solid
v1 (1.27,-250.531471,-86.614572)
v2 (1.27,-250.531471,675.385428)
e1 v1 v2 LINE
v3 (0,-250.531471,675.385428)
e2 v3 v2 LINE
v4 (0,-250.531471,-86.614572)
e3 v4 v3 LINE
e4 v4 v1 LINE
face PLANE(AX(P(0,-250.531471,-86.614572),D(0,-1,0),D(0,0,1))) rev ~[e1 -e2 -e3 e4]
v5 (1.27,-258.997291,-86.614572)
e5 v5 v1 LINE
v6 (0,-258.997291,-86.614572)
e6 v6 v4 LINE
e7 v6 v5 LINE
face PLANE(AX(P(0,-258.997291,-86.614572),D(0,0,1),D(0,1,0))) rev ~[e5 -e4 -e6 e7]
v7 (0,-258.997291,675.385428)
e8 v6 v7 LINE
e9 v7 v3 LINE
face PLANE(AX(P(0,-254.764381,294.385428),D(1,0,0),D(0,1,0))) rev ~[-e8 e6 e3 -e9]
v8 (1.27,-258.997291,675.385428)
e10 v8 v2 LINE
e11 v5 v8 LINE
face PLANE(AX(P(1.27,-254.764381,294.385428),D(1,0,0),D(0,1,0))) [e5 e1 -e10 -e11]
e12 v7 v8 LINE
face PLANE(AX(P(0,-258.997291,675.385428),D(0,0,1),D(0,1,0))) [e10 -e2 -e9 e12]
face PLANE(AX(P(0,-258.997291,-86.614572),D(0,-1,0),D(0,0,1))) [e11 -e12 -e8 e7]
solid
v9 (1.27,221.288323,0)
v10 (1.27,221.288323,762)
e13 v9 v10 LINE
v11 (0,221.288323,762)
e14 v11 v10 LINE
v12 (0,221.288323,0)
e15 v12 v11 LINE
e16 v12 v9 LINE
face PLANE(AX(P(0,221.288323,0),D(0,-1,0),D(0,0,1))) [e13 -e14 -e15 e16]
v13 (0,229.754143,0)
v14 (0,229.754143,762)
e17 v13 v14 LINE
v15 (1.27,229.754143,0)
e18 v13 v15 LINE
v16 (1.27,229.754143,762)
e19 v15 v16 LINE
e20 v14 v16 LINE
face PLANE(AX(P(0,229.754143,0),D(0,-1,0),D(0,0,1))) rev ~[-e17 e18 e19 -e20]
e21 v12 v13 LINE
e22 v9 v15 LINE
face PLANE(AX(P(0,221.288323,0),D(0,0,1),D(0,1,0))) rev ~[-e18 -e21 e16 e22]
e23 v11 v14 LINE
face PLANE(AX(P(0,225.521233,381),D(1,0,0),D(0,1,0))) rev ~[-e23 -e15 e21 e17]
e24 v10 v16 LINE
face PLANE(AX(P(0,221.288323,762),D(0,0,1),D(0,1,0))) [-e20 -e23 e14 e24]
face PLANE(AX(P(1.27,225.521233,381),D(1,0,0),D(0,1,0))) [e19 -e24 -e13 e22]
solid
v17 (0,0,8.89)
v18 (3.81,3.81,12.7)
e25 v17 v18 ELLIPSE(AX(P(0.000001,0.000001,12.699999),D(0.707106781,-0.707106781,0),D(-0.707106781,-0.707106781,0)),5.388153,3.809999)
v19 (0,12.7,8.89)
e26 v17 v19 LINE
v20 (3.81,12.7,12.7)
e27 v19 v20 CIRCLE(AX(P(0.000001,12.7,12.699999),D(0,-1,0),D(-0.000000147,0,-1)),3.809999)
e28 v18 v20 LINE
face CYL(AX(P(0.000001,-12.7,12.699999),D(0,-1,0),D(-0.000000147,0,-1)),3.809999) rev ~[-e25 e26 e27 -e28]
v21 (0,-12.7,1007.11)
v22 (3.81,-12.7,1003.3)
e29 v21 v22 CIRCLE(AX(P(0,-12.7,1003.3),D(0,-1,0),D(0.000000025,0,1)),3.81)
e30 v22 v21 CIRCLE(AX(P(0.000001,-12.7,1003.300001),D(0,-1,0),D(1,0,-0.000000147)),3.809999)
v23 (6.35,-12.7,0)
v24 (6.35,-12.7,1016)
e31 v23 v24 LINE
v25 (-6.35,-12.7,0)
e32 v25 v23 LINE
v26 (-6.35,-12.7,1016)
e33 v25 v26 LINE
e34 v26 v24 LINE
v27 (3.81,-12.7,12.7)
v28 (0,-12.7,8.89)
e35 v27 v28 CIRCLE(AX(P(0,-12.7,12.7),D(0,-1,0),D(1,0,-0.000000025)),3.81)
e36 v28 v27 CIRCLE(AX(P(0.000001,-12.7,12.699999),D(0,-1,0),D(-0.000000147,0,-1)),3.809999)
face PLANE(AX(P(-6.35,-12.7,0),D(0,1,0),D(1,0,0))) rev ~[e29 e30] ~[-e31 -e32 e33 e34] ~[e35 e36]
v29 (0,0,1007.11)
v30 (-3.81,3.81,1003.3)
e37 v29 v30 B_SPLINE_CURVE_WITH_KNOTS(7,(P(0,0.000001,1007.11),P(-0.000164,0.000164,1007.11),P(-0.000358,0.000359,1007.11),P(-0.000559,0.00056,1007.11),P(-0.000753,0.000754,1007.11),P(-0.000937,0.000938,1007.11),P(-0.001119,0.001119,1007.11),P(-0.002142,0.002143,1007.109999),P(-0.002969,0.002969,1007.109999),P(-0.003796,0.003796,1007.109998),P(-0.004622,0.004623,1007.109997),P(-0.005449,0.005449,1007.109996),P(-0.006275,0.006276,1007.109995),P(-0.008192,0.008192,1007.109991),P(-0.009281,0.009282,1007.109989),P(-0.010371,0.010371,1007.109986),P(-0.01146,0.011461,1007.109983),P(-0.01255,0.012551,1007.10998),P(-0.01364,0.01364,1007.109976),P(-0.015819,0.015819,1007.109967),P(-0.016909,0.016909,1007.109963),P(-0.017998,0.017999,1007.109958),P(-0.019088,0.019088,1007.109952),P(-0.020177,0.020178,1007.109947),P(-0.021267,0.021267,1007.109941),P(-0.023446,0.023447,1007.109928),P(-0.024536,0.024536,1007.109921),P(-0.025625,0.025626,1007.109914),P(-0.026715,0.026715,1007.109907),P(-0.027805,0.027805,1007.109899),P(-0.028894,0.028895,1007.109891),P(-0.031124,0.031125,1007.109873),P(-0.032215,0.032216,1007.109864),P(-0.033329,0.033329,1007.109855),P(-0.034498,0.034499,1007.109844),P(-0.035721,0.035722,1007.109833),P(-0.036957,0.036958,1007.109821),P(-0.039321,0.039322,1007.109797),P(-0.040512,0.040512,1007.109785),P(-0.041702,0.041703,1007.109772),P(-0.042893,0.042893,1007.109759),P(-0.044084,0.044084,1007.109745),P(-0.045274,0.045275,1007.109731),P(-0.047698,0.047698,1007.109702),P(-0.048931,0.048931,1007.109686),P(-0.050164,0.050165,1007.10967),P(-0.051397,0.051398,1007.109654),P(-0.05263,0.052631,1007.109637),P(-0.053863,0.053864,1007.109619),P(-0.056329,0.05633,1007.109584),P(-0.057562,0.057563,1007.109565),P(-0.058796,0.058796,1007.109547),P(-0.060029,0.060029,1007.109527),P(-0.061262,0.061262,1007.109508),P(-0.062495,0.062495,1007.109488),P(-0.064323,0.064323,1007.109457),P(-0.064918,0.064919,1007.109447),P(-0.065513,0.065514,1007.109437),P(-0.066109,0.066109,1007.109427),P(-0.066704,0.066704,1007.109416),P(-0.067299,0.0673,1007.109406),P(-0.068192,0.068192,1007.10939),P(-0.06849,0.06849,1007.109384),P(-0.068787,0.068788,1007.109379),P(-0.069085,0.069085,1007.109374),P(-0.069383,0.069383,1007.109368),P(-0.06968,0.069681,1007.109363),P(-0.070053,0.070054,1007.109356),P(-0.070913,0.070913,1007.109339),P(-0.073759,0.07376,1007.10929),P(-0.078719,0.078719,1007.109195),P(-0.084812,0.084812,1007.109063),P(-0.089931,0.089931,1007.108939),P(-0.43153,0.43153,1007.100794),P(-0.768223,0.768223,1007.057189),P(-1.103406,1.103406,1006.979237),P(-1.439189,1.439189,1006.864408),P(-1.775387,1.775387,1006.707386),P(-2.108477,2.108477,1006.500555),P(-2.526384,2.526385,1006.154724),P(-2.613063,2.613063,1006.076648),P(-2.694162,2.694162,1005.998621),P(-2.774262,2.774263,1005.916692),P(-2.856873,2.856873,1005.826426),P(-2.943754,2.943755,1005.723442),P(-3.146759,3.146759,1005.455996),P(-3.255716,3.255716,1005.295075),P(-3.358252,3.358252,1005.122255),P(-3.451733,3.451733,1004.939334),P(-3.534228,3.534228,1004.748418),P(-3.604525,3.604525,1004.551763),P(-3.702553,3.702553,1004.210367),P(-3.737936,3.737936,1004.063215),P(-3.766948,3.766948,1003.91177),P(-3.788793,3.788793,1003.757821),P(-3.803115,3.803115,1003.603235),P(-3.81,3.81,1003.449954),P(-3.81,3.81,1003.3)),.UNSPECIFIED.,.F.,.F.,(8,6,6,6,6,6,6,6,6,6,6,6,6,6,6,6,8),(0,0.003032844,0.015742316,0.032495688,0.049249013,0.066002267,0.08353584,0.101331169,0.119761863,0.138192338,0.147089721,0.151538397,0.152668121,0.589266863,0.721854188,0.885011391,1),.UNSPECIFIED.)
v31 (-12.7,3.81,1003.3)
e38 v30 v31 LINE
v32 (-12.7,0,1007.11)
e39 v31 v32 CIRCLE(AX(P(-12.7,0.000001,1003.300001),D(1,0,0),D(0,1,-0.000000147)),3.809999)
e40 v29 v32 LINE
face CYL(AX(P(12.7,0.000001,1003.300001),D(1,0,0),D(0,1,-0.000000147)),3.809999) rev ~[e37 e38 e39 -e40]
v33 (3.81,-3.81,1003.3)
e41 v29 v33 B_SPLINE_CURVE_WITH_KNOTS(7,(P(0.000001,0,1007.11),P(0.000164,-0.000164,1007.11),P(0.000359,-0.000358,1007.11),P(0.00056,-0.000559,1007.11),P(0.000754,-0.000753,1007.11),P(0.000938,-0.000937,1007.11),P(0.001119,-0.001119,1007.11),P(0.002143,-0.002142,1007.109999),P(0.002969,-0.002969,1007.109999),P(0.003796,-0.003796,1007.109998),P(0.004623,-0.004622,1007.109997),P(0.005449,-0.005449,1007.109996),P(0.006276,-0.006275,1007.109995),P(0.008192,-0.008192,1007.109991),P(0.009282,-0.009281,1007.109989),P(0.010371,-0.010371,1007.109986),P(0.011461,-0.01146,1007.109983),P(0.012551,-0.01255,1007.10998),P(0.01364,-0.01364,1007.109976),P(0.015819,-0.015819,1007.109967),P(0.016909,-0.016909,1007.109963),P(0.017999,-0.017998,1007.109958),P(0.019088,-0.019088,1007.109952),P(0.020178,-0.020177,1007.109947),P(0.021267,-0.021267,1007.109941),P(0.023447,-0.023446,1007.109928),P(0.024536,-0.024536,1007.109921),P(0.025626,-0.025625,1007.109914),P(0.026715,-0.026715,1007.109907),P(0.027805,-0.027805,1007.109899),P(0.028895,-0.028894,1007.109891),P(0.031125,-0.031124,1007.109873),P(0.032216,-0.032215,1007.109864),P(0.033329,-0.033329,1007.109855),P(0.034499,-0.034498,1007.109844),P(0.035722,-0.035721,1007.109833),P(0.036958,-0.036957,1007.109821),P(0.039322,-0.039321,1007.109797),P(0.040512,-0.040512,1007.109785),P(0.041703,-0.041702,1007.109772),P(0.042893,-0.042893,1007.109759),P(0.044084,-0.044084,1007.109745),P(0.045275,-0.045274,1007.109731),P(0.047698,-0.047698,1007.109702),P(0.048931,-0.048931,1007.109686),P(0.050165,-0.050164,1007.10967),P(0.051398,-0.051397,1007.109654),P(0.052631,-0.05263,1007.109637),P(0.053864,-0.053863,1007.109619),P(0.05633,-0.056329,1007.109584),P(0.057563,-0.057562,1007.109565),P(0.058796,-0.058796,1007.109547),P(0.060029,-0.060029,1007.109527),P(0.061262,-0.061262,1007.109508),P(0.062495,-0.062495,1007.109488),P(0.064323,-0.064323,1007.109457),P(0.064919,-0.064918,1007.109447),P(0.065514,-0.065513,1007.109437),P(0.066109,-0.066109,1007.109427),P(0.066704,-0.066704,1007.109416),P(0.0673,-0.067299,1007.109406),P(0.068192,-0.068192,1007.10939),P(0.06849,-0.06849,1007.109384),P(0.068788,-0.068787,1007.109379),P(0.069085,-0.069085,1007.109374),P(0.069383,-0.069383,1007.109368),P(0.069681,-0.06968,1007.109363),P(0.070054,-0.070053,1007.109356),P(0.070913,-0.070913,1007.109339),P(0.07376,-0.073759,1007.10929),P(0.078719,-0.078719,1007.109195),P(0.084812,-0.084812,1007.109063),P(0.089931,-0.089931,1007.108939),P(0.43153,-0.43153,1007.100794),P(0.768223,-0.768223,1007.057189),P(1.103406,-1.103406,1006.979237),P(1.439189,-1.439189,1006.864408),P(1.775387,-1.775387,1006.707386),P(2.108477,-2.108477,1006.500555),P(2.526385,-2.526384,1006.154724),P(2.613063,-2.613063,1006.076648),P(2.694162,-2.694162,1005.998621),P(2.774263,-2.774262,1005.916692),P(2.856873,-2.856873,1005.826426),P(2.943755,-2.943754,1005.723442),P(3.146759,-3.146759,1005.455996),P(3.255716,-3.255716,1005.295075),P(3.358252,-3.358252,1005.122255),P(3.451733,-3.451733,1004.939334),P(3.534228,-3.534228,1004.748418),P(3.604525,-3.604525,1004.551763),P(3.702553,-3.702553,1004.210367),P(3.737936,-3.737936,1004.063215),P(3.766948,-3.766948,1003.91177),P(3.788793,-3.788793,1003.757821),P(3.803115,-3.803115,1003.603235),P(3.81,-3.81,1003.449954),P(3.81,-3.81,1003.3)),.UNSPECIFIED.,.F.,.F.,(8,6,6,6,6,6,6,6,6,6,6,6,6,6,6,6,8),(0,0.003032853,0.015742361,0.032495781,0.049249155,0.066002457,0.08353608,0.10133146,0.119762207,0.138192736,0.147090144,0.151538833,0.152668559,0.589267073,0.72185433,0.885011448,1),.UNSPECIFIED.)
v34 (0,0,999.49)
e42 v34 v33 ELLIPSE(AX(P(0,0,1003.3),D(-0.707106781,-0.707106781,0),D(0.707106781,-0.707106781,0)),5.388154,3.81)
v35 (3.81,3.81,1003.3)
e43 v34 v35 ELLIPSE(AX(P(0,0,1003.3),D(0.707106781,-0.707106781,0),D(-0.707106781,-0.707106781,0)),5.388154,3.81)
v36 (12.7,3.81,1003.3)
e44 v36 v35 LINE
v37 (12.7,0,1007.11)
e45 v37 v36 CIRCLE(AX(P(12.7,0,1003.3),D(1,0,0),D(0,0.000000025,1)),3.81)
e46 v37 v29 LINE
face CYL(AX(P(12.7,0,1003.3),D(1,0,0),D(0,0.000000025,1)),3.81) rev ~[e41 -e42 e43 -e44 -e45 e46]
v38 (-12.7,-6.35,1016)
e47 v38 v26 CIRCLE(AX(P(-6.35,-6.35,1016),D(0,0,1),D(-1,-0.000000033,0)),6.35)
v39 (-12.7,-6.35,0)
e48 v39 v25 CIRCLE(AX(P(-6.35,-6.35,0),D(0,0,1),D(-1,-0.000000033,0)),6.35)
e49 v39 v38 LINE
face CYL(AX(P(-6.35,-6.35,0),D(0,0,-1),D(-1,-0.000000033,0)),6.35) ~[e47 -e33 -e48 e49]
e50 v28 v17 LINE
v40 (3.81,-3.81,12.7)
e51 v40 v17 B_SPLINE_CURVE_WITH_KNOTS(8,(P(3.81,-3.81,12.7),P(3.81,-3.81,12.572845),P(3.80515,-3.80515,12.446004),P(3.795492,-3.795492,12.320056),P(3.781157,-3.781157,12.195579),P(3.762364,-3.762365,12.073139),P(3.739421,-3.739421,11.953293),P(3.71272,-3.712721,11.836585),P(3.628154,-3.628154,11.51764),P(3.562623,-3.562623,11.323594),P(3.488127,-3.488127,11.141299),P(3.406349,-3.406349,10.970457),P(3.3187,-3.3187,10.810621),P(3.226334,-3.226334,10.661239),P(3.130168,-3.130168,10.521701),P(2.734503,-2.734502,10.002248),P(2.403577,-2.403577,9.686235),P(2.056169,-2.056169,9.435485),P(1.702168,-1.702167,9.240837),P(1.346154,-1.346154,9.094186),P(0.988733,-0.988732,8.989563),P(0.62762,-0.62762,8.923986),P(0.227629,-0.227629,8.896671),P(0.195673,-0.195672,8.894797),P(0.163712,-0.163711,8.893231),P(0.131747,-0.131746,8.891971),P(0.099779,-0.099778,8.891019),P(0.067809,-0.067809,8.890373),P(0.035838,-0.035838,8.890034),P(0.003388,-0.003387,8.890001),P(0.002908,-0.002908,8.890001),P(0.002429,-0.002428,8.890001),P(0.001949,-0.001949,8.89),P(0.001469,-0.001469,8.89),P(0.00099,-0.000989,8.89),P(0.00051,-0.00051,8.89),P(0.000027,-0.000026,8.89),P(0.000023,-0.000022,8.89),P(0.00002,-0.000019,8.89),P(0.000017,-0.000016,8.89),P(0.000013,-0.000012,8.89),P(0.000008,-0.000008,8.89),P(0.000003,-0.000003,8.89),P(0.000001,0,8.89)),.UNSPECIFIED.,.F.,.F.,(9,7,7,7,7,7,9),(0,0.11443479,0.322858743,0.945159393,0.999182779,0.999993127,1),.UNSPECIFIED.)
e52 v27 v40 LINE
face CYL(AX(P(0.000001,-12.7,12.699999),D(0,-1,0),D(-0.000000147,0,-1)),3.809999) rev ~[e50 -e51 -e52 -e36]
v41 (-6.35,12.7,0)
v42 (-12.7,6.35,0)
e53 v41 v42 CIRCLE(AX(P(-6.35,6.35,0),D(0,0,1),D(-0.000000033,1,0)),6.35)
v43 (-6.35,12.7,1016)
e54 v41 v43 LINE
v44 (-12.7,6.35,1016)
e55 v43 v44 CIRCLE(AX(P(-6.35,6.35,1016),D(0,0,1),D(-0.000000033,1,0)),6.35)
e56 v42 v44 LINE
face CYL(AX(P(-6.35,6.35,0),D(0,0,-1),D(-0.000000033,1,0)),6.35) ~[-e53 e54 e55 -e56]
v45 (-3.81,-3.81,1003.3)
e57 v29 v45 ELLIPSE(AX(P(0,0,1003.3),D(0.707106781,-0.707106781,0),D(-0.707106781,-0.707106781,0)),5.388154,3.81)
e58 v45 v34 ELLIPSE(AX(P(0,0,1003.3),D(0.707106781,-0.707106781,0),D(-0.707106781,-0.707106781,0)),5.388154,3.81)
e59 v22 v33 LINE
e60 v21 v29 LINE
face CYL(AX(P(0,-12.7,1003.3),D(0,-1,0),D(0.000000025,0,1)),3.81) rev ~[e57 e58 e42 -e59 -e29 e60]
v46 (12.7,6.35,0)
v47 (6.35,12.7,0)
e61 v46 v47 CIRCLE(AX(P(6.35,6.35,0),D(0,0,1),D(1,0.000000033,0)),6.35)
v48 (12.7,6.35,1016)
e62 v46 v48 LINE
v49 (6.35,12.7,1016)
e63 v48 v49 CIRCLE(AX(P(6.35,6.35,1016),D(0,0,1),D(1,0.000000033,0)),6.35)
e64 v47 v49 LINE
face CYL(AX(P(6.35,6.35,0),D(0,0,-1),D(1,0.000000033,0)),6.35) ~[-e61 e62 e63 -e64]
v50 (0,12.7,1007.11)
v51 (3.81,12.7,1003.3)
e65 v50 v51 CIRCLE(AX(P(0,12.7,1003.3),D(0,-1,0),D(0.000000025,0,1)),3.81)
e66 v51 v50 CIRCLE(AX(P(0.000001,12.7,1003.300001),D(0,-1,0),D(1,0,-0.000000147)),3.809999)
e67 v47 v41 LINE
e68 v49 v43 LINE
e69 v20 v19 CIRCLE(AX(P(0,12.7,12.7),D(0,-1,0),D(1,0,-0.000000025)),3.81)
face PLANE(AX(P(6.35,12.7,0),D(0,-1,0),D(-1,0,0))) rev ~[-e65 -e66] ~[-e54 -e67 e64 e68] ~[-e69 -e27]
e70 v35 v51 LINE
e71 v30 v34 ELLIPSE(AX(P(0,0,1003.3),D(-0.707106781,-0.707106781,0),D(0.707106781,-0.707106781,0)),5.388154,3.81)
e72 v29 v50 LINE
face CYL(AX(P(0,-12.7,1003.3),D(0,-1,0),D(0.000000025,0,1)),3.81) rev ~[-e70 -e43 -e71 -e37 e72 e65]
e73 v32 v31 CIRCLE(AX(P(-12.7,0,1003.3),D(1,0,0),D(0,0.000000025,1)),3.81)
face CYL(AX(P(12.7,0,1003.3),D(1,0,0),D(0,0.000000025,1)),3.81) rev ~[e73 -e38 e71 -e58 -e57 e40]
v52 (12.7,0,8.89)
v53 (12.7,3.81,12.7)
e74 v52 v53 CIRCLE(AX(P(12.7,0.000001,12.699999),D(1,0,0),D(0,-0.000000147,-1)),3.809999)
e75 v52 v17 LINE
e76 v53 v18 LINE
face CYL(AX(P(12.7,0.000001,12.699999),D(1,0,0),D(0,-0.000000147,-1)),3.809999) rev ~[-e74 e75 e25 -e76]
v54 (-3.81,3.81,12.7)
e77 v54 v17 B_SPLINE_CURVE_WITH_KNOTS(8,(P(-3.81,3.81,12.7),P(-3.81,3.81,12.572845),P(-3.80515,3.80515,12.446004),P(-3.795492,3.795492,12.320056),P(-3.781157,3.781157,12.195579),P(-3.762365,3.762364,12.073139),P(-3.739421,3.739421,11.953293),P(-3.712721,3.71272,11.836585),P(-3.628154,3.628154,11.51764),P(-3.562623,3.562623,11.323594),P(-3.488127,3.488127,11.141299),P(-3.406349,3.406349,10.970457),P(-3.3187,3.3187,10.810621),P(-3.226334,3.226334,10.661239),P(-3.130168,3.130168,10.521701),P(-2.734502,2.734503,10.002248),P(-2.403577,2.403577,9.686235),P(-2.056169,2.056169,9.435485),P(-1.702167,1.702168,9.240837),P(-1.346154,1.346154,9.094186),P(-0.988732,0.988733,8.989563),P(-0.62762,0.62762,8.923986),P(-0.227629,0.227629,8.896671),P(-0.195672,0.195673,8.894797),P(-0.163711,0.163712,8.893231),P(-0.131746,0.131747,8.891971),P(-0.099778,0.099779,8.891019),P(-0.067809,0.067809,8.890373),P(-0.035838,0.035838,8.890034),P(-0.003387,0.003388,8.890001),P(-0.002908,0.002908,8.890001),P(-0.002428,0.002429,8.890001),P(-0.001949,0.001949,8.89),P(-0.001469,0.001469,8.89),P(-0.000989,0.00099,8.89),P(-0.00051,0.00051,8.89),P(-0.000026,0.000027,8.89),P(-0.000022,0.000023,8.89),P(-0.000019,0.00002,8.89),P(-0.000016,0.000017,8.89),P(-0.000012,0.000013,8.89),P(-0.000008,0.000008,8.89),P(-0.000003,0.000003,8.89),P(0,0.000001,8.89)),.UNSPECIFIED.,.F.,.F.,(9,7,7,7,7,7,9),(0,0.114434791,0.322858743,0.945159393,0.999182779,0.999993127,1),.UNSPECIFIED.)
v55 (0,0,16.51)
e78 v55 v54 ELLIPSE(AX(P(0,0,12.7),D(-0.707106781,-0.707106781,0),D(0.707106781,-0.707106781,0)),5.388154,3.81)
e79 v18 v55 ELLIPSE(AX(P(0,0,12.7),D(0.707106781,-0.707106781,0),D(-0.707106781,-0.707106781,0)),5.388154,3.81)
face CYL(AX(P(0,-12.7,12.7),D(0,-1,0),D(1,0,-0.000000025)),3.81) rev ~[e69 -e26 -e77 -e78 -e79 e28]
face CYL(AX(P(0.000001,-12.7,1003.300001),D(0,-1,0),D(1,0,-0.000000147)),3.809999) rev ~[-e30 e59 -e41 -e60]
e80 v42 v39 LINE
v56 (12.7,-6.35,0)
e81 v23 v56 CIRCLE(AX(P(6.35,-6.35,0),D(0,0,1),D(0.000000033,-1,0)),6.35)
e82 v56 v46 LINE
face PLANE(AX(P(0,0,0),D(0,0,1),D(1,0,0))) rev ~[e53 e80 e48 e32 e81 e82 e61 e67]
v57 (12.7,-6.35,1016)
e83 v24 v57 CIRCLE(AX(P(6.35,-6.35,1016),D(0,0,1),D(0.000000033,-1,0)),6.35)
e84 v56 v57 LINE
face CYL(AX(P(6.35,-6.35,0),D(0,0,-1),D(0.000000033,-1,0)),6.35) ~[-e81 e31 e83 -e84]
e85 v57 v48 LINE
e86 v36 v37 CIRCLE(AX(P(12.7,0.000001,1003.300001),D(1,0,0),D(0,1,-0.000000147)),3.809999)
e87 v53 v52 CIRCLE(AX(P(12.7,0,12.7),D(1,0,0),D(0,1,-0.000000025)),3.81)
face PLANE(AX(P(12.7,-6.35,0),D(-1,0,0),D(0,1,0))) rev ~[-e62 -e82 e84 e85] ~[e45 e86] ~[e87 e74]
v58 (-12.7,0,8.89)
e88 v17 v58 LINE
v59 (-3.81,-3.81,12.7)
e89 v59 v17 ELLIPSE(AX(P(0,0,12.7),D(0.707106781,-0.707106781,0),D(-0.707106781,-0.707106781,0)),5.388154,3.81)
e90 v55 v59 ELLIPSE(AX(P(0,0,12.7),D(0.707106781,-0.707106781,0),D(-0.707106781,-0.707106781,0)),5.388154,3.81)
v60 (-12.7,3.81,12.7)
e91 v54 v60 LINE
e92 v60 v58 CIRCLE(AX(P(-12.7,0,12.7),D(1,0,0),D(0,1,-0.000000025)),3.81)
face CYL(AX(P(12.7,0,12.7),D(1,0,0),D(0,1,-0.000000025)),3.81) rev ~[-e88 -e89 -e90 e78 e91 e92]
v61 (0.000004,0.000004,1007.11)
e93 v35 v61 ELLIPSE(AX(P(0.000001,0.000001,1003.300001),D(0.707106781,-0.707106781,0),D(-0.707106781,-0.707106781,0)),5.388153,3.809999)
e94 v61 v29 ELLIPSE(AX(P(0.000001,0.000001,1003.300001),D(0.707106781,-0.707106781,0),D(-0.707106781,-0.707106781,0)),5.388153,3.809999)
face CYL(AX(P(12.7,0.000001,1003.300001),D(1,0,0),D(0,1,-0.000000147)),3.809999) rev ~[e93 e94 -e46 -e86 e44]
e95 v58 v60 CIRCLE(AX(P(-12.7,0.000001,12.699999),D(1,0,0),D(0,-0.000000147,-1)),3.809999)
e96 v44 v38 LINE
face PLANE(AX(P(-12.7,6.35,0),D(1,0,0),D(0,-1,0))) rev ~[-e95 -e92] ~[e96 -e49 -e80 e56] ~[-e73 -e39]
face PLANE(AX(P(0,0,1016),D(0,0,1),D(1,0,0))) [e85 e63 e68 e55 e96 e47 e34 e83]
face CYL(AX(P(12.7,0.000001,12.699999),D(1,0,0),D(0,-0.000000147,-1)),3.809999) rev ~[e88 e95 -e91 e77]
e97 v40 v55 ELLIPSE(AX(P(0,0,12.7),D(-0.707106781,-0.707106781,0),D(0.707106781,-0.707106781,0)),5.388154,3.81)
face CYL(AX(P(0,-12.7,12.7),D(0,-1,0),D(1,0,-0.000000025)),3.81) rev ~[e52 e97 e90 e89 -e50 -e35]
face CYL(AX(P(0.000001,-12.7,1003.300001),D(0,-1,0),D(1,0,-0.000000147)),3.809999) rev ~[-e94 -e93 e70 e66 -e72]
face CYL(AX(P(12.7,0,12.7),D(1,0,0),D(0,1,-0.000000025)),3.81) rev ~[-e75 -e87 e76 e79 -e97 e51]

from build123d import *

# Parameters (mm, degrees)
F1_DEPTH  = 1016
F2_W      = 8.46582
F2_H      = 762
F3_DEPTH  = 1.27
F4_W      = 8.46582
F4_H      = 762
F5_DEPTH  = 1.27
F7_DEPTH  = 25.4
F8_DEPTH  = 25.4
F10_DEPTH = 25.4


with BuildPart() as f1:
    # F0 (on Top) → F1 (new body)
    with BuildSketch(Plane.XY):
        with BuildLine():
            ThreePointArc((12.7, 6.35), (10.840128, 10.840128), (6.35, 12.7))
            Line((6.35, 12.7), (-6.35, 12.7))
            ThreePointArc((-6.35, 12.7), (-10.840128, 10.840128), (-12.7, 6.35))
            Line((-12.7, 6.35), (-12.7, -6.35))
            ThreePointArc((-12.7, -6.35), (-10.840128, -10.840128), (-6.35, -12.7))
            Line((-6.35, -12.7), (6.35, -12.7))
            ThreePointArc((6.35, -12.7), (10.840128, -10.840128), (12.7, -6.35))
            Line((12.7, -6.35), (12.7, 6.35))
        make_face()
    extrude(amount=F1_DEPTH)

    # F6 (on face) → F7 (cut)
    with BuildSketch(Plane.XZ.offset(12.7)):
        with BuildLine():
            ThreePointArc((3.81, 1003.3), (2.694077, 1005.994077), (0, 1007.11))
            ThreePointArc((0, 1007.11), (-2.694077, 1000.605923), (3.81, 1003.3))
        make_face()
    extrude(amount=-F7_DEPTH, mode=Mode.SUBTRACT)

    # F6 (on face) → F8 (cut)
    with BuildSketch(Plane.XZ.offset(12.7)):
        with BuildLine():
            ThreePointArc((0, 1007.11), (-2.694077, 1000.605923), (3.81, 1003.3))
            ThreePointArc((3.81, 1003.3), (2.694077, 1005.994077), (0, 1007.11))
        make_face()
        with BuildLine():
            ThreePointArc((0, 8.89), (2.694077, 10.005923), (3.81, 12.7))
            ThreePointArc((3.81, 12.7), (-2.694077, 15.394077), (0, 8.89))
        make_face()
    extrude(amount=-F8_DEPTH, mode=Mode.SUBTRACT)

    # F9 (on face) → F10 (cut)
    with BuildSketch(Plane.YZ.offset(12.7)):
        with BuildLine():
            ThreePointArc((3.81, 1003.3), (2.694077, 1005.994077), (0, 1007.11))
            ThreePointArc((0, 1007.11), (-2.694077, 1000.605923), (3.81, 1003.3))
        make_face()
        with BuildLine():
            ThreePointArc((3.81, 12.7), (-2.694077, 15.394077), (0, 8.89))
            ThreePointArc((0, 8.89), (2.694077, 10.005923), (3.81, 12.7))
        make_face()
    extrude(amount=-F10_DEPTH, mode=Mode.SUBTRACT)


with BuildPart() as f3:
    # F2 (on Right) → F3 (new body)
    with BuildSketch(Plane.YZ):
        with Locations((-254.764381, 294.385428)):
            Rectangle(F2_W, F2_H)
    extrude(amount=F3_DEPTH)


with BuildPart() as f5:
    # F4 (on Right) → F5 (new body)
    with BuildSketch(Plane.YZ):
        with Locations((225.521233, 381)):
            Rectangle(F4_W, F4_H)
    extrude(amount=F5_DEPTH)


solid = Compound([f1.part, f3.part, f5.part])
